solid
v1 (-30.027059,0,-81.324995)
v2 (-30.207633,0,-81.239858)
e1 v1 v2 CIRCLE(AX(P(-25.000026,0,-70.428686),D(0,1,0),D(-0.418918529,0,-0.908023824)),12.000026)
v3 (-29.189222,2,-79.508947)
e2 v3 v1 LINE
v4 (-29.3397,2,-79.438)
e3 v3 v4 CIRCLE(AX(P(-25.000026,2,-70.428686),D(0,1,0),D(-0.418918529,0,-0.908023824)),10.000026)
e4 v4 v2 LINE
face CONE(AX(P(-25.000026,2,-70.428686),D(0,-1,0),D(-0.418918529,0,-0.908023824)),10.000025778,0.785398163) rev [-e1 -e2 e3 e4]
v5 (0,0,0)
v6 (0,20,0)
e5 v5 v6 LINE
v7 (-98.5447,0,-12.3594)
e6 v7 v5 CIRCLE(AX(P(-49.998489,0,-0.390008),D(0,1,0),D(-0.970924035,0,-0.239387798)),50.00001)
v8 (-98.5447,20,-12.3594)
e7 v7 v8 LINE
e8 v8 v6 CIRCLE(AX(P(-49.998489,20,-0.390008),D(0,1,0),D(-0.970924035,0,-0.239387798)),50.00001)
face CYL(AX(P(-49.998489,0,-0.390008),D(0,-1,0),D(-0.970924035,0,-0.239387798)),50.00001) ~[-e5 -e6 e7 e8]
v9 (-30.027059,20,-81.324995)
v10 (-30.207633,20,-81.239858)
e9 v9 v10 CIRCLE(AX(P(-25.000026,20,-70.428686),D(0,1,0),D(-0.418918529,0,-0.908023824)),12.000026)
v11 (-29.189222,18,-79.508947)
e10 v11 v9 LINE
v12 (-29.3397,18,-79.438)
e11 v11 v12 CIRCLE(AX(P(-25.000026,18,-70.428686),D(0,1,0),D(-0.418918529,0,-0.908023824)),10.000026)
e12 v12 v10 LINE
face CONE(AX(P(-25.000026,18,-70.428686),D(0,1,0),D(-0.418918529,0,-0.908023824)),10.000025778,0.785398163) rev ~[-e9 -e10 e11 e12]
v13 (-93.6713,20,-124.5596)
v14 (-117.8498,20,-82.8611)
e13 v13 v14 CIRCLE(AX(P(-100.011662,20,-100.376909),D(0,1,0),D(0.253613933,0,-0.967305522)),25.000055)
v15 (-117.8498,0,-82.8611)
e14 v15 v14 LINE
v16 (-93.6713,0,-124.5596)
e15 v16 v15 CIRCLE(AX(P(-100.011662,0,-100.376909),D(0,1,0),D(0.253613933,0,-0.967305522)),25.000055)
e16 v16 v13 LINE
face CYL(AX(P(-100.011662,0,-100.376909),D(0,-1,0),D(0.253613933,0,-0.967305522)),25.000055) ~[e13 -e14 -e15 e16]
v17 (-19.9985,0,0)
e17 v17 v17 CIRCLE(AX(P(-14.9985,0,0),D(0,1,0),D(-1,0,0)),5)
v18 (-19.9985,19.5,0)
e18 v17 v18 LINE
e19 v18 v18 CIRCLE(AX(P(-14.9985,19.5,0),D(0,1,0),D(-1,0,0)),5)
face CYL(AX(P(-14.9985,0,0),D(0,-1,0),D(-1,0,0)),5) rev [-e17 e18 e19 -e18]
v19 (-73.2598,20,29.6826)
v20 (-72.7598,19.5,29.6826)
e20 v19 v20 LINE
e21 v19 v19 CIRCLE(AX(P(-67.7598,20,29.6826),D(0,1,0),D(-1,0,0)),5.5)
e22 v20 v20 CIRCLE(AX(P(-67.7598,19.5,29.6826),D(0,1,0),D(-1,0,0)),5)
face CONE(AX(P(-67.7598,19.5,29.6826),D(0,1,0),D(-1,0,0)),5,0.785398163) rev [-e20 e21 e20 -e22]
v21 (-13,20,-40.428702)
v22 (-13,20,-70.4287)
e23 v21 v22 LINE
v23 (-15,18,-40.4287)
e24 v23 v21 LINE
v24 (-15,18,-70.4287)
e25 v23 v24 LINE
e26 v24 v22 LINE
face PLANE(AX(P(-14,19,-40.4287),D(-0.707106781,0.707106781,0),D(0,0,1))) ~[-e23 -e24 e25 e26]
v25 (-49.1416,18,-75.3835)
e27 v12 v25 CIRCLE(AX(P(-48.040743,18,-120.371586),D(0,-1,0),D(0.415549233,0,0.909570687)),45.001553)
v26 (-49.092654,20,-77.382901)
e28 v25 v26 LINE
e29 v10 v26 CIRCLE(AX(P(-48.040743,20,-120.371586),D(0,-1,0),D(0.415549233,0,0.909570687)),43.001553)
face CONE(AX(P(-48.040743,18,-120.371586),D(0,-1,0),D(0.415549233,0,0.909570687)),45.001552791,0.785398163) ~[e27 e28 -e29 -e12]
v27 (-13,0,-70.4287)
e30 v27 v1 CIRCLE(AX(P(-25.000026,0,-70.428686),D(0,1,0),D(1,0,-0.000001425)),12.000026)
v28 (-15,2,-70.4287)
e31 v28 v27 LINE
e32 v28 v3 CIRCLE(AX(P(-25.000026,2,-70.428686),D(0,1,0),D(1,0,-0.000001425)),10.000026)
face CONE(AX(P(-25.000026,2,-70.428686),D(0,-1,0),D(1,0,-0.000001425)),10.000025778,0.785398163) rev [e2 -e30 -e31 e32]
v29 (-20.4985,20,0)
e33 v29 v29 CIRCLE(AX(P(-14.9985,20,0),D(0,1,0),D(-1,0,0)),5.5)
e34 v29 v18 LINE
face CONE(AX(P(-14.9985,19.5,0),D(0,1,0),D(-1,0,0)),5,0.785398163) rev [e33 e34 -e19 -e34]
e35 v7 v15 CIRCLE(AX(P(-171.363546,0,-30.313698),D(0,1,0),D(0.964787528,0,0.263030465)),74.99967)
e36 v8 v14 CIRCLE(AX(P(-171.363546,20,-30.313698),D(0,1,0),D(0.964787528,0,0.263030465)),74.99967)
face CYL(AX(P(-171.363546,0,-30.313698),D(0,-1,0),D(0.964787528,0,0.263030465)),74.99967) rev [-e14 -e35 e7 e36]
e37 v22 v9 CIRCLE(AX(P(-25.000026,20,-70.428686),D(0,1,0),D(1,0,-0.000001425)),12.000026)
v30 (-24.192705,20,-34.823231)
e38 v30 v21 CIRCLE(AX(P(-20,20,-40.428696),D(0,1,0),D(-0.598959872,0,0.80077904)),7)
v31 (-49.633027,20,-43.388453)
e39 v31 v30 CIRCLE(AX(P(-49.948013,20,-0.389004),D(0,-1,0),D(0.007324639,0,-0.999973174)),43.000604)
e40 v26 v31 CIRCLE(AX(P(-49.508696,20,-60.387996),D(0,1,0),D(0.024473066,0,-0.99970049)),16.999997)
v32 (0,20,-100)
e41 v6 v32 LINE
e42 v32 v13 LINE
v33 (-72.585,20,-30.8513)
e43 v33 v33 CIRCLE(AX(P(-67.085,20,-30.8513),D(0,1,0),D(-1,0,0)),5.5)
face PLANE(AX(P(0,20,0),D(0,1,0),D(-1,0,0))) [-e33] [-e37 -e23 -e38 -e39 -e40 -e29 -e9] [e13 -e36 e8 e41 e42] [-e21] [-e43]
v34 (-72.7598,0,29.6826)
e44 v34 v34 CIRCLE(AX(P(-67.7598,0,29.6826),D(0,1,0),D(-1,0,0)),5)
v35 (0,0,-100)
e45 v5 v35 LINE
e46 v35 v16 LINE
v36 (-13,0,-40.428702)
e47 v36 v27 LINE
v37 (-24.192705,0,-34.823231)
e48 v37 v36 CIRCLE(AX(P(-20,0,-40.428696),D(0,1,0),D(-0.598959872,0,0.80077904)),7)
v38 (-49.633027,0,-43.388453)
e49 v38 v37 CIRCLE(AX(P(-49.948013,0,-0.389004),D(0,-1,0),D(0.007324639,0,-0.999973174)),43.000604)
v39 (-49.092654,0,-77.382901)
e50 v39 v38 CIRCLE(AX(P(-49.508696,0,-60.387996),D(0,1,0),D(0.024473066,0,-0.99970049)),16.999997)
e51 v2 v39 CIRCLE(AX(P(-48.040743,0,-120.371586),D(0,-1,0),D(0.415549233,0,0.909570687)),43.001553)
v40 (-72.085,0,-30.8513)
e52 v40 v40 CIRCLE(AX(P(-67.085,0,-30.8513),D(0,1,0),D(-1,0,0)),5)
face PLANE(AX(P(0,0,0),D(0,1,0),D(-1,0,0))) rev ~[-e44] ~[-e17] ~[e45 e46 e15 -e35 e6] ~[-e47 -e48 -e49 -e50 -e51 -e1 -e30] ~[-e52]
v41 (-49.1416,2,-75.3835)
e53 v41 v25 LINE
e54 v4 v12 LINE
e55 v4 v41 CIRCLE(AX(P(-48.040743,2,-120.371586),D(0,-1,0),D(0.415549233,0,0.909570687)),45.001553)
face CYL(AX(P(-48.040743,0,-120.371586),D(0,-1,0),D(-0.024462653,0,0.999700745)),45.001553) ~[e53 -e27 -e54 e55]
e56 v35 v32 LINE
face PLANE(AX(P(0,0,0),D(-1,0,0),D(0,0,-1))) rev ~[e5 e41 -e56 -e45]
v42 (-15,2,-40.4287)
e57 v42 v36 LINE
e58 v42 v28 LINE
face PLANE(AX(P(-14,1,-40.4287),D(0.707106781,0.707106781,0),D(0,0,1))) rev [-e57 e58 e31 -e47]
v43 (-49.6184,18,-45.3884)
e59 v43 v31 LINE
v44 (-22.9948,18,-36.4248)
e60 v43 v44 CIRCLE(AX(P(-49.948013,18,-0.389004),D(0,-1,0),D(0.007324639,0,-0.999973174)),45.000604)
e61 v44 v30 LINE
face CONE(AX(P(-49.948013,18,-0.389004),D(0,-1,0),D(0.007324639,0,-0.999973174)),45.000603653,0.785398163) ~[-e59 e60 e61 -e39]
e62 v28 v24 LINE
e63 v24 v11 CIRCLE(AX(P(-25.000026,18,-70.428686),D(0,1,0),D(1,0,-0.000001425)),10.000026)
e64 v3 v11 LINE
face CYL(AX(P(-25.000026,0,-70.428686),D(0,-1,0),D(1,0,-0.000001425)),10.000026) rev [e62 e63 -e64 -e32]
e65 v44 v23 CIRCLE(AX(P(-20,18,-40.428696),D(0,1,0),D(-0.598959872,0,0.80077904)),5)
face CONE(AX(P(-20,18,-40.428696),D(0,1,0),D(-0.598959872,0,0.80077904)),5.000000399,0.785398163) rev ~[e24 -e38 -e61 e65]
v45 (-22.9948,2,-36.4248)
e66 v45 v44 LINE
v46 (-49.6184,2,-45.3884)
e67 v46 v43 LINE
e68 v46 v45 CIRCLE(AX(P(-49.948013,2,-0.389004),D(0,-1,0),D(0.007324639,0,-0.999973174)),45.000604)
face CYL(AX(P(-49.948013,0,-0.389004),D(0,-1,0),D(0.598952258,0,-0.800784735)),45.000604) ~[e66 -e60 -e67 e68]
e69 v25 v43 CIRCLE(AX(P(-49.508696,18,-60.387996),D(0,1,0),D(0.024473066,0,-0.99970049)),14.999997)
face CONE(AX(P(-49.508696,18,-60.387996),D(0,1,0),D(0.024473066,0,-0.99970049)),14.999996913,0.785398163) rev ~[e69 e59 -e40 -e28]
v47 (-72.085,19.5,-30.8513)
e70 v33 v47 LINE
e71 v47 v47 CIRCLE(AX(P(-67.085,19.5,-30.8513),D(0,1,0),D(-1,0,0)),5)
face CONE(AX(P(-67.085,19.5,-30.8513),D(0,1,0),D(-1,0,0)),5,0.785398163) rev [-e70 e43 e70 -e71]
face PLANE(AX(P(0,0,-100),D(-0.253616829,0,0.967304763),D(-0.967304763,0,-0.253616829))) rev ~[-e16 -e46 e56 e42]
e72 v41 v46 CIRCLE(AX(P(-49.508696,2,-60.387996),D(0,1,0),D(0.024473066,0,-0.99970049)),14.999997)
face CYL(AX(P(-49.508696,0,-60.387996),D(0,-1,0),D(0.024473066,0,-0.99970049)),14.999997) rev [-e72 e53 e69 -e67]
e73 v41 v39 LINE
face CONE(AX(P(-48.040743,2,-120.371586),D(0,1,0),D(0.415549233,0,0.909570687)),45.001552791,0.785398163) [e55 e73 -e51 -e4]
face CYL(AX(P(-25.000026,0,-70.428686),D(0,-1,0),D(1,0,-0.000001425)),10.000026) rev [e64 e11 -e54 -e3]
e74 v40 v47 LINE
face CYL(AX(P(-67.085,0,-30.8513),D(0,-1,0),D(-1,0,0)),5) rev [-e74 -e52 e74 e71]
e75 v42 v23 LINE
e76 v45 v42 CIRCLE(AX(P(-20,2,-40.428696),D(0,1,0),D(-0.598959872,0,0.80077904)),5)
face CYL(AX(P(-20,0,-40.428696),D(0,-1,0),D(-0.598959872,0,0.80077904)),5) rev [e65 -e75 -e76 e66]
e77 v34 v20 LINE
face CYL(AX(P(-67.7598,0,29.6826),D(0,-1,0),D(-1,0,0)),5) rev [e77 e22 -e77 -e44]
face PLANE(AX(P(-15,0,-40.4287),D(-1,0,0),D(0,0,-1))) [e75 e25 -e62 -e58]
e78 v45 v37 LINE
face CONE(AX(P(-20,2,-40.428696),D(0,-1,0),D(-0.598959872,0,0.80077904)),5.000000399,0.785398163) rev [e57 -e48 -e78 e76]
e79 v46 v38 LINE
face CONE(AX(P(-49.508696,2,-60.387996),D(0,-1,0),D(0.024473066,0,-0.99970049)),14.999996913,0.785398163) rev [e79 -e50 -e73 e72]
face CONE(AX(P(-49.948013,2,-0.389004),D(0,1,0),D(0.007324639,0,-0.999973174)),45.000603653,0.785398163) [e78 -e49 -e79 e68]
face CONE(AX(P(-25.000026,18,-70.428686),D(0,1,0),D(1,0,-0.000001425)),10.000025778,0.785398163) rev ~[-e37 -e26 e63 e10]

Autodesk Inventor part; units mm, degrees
ref_plane "YZ Plane" through (0, 0, 0) normal (1, 0, 0) x (0, 1, 0)
ref_plane "XZ Plane" through (0, 0, 0) normal (0, 1, 0) x (-1, 0, 0)
ref_plane "XY Plane" through (0, 0, 0) normal (0, 0, 1) x (1, 0, 0)
sketch "Sketch1" plane through (0, 0, 0) normal (0, 1, 0) x (-1, 0, 0)
  line L0 (0, 0) -> (0, -100)
  arc A0 (93.6713, -124.5596) -> (117.8498, -82.8611) centre (100.0117, -100.377) ccw
  line L1 (0, -100) -> (93.6713, -124.5596)
  arc A1 (98.5447, -12.3594) -> (0, 0) centre (49.9985, -0.39) ccw
  arc A2 (99.0048, -10.5865) -> (117.8498, -82.8611) centre (171.3639, -30.3137) ccw
  arc A3 (49.1416, -75.3835) -> (49.6184, -45.3884) centre (49.5087, -60.388) ccw
  arc A4 (22.9948, -36.4248) -> (49.6184, -45.3884) centre (49.9477, -0.3896) ccw
  line L2 (15, -40.4287) -> (15, -70.4287)
  arc A5 (22.9948, -36.4248) -> (15, -40.4287) centre (20, -40.4287) ccw
  arc A6 (15, -70.4287) -> (29.3397, -79.438) centre (25, -70.4287) ccw
  arc A7 (49.1416, -75.3835) -> (29.1892, -79.5089) centre (48.0406, -120.37) ccw
  circle A8 centre (14.9985, 0) radius 5
  circle A9 centre (67.085, -30.8513) radius 5
  circle A10 centre (67.7598, 29.6826) radius 5
  dimension "d0" = 100
  dimension "d3" = 50
  dimension "d5" = 50
  dimension "d6" = 75
  dimension "d13" = 15
  dimension "d14" = 60
  dimension "d16" = 45
  dimension "d17" = 5
  dimension "d19" = 10
  dimension "d24" = 30
  dimension "d25" = 15
  dimension "d26" = 45
  dimension "d57" = 10
  dimension "d58" = 35
  dimension "d61" = 360
extrude "Extrusion2" add sketch "Sketch1" along normal blind 20
chamfer "Chamfer2" distance 2 angle 45 12 edges at (-64.5068, 20, -60.6264) (-38.9289, 20, -76.3021) (-19.6098, 20, -78.8516) (-15, 20, -55.4287) (-17.761, 20, -35.958) (-35.5892, 20, -43.0373) (-64.5068, 0, -60.6264) (-38.9289, 0, -76.3021) (-19.6098, 0, -78.8516) (-15, 0, -55.4287) (-17.761, 0, -35.958) (-35.5892, 0, -43.0373)
chamfer "Chamfer3" distance 0.5 angle 45 3 edges at (-62.085, 20, -30.8513) (-62.7598, 20, 29.6826) (-9.9985, 20, 0)
thread "Thread1" size "M10x1.25" class "6H" standard "ANSI Metric M Profile" full length
thread "Thread2" size "M10x1.5" class "6H" standard "ANSI Metric M Profile" full length
thread "Thread3" size "M10x1.5" class "6H" standard "ANSI Metric M Profile" full length
properties part number "Curve"
